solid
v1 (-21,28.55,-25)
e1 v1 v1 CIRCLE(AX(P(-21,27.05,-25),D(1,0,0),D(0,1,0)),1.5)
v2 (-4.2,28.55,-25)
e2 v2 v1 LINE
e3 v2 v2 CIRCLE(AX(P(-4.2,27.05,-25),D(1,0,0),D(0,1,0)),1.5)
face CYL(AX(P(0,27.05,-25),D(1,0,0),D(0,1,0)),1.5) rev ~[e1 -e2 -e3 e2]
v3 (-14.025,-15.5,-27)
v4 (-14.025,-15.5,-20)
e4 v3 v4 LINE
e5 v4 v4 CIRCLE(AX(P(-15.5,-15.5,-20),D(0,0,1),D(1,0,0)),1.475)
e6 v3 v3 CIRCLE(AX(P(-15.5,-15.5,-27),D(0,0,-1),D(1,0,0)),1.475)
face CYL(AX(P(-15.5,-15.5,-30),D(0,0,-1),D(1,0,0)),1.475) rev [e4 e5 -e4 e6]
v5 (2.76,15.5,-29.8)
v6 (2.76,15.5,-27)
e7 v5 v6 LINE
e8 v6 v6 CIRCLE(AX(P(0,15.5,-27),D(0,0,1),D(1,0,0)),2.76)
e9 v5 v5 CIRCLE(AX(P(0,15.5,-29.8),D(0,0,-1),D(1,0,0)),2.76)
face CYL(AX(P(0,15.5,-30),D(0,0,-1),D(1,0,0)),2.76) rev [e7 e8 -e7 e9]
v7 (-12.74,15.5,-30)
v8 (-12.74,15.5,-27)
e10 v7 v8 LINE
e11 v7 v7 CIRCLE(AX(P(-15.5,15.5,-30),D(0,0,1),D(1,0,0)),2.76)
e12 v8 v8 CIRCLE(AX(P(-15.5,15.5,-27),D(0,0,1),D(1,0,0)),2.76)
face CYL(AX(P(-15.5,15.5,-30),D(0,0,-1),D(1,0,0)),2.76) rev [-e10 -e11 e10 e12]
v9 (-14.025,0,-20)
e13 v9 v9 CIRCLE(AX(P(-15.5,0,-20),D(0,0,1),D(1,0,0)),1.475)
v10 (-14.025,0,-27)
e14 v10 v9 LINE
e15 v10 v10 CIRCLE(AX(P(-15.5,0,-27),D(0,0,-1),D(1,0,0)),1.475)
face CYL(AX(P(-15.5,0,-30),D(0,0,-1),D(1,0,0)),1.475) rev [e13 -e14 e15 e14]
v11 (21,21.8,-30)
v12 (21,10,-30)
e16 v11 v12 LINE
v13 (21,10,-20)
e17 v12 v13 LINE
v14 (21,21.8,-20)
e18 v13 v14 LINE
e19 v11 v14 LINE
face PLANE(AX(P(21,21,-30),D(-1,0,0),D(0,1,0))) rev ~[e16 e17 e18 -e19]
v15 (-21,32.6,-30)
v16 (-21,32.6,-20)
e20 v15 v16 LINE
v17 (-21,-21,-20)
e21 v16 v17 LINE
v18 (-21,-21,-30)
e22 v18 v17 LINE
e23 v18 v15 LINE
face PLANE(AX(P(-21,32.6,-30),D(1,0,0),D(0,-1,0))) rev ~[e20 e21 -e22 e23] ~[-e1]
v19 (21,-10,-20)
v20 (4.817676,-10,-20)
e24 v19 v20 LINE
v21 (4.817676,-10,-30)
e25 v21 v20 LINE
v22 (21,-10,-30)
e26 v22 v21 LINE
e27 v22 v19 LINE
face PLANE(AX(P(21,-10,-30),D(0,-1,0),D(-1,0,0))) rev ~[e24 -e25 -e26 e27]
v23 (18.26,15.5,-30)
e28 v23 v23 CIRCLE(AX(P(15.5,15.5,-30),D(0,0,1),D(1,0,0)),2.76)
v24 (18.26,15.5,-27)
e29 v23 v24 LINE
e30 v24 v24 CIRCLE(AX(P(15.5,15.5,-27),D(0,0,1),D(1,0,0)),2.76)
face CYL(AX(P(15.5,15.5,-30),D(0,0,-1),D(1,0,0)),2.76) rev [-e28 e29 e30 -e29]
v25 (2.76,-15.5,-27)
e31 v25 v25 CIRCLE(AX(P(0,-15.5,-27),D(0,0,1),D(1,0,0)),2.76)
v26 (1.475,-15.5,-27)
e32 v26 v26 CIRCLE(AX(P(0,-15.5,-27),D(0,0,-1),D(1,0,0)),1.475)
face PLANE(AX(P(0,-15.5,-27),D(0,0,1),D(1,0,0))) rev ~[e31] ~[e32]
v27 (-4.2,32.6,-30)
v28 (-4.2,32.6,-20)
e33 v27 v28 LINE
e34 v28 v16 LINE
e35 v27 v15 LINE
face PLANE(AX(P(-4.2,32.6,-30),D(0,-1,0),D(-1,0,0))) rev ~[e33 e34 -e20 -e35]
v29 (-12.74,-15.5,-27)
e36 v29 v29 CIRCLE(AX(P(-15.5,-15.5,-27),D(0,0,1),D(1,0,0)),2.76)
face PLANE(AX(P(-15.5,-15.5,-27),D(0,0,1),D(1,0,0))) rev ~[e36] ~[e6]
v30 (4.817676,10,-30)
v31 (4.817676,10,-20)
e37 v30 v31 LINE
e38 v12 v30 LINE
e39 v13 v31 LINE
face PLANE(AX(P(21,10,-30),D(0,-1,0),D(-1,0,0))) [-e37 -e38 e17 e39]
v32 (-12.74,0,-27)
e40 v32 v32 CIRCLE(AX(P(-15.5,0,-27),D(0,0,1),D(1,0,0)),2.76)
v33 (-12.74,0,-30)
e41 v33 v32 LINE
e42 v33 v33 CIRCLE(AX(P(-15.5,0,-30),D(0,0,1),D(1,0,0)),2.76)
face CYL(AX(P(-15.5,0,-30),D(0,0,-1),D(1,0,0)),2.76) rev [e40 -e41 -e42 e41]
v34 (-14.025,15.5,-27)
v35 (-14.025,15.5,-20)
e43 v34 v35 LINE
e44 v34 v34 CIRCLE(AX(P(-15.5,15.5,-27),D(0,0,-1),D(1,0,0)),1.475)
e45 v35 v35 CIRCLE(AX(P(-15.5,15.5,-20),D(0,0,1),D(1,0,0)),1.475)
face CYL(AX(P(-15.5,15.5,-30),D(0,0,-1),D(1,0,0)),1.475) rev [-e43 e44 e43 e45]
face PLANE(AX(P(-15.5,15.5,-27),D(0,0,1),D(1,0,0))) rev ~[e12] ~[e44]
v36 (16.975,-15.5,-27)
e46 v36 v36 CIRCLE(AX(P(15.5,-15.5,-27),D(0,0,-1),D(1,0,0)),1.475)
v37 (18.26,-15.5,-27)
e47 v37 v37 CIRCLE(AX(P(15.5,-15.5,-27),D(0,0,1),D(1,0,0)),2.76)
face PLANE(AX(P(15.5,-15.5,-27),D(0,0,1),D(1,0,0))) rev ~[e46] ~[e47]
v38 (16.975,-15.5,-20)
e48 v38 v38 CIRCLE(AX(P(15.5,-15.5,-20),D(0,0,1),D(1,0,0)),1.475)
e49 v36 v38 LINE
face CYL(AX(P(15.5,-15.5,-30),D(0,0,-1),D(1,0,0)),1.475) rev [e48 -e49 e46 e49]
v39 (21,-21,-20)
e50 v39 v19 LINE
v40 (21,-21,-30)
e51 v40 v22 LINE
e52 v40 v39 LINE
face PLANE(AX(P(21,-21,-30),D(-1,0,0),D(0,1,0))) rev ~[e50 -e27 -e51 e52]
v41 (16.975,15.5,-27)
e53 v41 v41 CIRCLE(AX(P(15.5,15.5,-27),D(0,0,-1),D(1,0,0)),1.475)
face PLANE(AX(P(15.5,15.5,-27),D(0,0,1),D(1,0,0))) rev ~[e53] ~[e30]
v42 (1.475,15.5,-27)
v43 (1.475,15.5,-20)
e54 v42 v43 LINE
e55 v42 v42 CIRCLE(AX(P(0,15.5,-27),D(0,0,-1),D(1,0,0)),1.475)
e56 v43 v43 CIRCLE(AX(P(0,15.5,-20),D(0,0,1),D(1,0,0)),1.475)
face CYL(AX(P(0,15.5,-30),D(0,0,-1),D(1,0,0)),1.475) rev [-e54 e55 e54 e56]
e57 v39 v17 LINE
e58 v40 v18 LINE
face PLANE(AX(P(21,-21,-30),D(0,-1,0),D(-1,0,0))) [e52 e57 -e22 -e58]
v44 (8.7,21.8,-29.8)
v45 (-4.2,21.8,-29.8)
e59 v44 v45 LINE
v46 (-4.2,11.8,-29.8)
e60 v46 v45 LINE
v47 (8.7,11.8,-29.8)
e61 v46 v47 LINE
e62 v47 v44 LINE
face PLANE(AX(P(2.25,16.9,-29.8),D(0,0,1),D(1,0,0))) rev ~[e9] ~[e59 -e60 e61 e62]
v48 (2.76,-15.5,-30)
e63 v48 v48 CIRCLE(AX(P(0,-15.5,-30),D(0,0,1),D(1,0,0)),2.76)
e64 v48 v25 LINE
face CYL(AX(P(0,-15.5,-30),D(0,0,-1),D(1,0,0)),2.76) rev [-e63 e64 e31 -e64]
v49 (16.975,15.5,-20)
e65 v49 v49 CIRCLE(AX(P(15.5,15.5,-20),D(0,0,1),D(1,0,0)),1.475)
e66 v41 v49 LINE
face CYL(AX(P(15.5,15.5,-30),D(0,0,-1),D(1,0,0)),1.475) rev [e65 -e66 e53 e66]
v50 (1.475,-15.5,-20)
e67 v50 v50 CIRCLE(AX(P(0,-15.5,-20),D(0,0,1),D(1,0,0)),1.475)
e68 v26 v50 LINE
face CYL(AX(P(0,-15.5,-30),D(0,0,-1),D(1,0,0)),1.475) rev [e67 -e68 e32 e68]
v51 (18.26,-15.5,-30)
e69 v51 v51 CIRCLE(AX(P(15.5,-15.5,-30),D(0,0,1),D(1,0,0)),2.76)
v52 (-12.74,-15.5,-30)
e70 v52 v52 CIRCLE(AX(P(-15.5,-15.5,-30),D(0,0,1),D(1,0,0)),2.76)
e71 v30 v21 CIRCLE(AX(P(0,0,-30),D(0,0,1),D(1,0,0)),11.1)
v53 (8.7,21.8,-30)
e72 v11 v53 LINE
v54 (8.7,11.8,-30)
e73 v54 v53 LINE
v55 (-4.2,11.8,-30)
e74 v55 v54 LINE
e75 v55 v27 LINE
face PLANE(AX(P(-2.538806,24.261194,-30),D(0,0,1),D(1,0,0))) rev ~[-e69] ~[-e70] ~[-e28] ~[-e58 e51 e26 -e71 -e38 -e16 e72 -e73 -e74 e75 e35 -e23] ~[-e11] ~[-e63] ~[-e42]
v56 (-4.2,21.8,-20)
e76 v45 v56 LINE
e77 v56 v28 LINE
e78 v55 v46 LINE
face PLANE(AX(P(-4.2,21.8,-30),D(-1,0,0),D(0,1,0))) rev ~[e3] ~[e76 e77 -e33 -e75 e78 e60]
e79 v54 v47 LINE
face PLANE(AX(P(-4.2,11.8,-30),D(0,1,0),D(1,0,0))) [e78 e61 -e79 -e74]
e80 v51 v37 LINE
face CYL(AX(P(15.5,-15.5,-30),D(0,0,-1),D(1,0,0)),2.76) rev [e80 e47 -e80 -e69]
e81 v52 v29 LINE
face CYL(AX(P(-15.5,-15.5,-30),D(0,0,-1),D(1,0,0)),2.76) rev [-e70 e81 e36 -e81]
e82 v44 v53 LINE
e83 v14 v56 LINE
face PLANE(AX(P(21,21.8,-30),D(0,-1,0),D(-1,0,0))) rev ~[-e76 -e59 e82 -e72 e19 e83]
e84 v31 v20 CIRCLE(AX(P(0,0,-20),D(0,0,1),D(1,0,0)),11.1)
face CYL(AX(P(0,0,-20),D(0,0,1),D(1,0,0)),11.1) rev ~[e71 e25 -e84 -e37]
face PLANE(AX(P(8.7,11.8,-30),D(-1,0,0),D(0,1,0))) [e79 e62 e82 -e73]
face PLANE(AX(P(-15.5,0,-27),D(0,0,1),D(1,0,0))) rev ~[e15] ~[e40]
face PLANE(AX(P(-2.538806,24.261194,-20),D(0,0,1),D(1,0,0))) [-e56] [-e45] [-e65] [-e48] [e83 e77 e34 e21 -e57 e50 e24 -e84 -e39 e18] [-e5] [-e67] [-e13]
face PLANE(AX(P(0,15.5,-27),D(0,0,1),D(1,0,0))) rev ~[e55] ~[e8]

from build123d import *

# Parameters (mm, degrees)
SKETCH054_R          = 1.475
PAD016_DEPTH         = 10
SKETCH055_R          = 2.76
POCKET034_DEPTH      = 3
SKETCH056_R          = 11.1
POCKET035_DEPTH      = 10.001
POCKET035_DEPTH_BACK = 0.001
PAD017_DEPTH         = 10
SKETCH058_R          = 1.5
POCKET036_DEPTH      = 21.001
SKETCH059_W          = 12.9
SKETCH059_H          = 10.2
POCKET037_DEPTH      = 0.2


with BuildPart() as part:
    # Sketch054 → Pad016 (new body)
    with BuildSketch(Plane.XY):
        with BuildLine():
            Line((-21, 21), (21, 21))
            Line((21, 21), (21, 10))
            Line((21, 10), (0, 10))
            ThreePointArc((0, 10), (-10, 0), (0, -10))
            Line((21, -10), (0, -10))
            Line((21, -21), (21, -10))
            Line((21, -21), (-21, -21))
            Line((-21, -21), (-21, 21))
        make_face()
        with Locations((-15.5, 15.5)):
            Circle(SKETCH054_R, mode=Mode.SUBTRACT)
        with Locations((15.5, 15.5)):
            Circle(SKETCH054_R, mode=Mode.SUBTRACT)
        with Locations((-15.5, -15.5)):
            Circle(SKETCH054_R, mode=Mode.SUBTRACT)
        with Locations((15.5, -15.5)):
            Circle(SKETCH054_R, mode=Mode.SUBTRACT)
        with Locations((-15.5, 0)):
            Circle(SKETCH054_R, mode=Mode.SUBTRACT)
        with Locations((0, 15.5)):
            Circle(SKETCH054_R, mode=Mode.SUBTRACT)
        with Locations((0, -15.5)):
            Circle(SKETCH054_R, mode=Mode.SUBTRACT)
    extrude(amount=PAD016_DEPTH)

    # Sketch055 → Pocket034 (cut)
    with BuildSketch(Plane.XY):
        with Locations((-15.5, 15.5)):
            Circle(SKETCH055_R)
        with Locations((15.5, 15.5)):
            Circle(SKETCH055_R)
        with Locations((-15.5, -15.5)):
            Circle(SKETCH055_R)
        with Locations((15.5, -15.5)):
            Circle(SKETCH055_R)
        with Locations((-15.5, 0)):
            Circle(SKETCH055_R)
        with Locations((0, 15.5)):
            Circle(SKETCH055_R)
        with Locations((0, -15.5)):
            Circle(SKETCH055_R)
    extrude(amount=POCKET034_DEPTH, mode=Mode.SUBTRACT)

    # Sketch056 (on Face5 of Pocket034) → Pocket035 (cut, two sides)
    with BuildSketch(Plane.XY.offset(10)) as pocket035_sk:
        Circle(SKETCH056_R)
    extrude(amount=-POCKET035_DEPTH, mode=Mode.SUBTRACT)
    extrude(pocket035_sk.sketch, amount=POCKET035_DEPTH_BACK, mode=Mode.SUBTRACT)

    # Sketch057 → Pad017 (join)
    with BuildSketch(Plane.XY):
        Polygon((-4.2, 21.8), (-4.2, 32.6), (-21, 32.6), (-21, 21), (21, 21), (21, 21.8), align=None)
    extrude(amount=PAD017_DEPTH)

    # Sketch058 → Pocket036 (cut, through all)
    with BuildSketch(Plane.YZ):
        with Locations((27.05, 5)):
            Circle(SKETCH058_R)
    extrude(amount=-POCKET036_DEPTH, mode=Mode.SUBTRACT)

    # Sketch059 → Pocket037 (cut)
    with BuildSketch(Plane.XY):
        with Locations((2.25, 16.9)):
            Rectangle(SKETCH059_W, SKETCH059_H)
    extrude(amount=POCKET037_DEPTH, mode=Mode.SUBTRACT)


with BuildPart() as part_1:
    # Body011 placement: moved
    add(part.part.moved(Location((0, 0, -30))))


solid = part_1.part
